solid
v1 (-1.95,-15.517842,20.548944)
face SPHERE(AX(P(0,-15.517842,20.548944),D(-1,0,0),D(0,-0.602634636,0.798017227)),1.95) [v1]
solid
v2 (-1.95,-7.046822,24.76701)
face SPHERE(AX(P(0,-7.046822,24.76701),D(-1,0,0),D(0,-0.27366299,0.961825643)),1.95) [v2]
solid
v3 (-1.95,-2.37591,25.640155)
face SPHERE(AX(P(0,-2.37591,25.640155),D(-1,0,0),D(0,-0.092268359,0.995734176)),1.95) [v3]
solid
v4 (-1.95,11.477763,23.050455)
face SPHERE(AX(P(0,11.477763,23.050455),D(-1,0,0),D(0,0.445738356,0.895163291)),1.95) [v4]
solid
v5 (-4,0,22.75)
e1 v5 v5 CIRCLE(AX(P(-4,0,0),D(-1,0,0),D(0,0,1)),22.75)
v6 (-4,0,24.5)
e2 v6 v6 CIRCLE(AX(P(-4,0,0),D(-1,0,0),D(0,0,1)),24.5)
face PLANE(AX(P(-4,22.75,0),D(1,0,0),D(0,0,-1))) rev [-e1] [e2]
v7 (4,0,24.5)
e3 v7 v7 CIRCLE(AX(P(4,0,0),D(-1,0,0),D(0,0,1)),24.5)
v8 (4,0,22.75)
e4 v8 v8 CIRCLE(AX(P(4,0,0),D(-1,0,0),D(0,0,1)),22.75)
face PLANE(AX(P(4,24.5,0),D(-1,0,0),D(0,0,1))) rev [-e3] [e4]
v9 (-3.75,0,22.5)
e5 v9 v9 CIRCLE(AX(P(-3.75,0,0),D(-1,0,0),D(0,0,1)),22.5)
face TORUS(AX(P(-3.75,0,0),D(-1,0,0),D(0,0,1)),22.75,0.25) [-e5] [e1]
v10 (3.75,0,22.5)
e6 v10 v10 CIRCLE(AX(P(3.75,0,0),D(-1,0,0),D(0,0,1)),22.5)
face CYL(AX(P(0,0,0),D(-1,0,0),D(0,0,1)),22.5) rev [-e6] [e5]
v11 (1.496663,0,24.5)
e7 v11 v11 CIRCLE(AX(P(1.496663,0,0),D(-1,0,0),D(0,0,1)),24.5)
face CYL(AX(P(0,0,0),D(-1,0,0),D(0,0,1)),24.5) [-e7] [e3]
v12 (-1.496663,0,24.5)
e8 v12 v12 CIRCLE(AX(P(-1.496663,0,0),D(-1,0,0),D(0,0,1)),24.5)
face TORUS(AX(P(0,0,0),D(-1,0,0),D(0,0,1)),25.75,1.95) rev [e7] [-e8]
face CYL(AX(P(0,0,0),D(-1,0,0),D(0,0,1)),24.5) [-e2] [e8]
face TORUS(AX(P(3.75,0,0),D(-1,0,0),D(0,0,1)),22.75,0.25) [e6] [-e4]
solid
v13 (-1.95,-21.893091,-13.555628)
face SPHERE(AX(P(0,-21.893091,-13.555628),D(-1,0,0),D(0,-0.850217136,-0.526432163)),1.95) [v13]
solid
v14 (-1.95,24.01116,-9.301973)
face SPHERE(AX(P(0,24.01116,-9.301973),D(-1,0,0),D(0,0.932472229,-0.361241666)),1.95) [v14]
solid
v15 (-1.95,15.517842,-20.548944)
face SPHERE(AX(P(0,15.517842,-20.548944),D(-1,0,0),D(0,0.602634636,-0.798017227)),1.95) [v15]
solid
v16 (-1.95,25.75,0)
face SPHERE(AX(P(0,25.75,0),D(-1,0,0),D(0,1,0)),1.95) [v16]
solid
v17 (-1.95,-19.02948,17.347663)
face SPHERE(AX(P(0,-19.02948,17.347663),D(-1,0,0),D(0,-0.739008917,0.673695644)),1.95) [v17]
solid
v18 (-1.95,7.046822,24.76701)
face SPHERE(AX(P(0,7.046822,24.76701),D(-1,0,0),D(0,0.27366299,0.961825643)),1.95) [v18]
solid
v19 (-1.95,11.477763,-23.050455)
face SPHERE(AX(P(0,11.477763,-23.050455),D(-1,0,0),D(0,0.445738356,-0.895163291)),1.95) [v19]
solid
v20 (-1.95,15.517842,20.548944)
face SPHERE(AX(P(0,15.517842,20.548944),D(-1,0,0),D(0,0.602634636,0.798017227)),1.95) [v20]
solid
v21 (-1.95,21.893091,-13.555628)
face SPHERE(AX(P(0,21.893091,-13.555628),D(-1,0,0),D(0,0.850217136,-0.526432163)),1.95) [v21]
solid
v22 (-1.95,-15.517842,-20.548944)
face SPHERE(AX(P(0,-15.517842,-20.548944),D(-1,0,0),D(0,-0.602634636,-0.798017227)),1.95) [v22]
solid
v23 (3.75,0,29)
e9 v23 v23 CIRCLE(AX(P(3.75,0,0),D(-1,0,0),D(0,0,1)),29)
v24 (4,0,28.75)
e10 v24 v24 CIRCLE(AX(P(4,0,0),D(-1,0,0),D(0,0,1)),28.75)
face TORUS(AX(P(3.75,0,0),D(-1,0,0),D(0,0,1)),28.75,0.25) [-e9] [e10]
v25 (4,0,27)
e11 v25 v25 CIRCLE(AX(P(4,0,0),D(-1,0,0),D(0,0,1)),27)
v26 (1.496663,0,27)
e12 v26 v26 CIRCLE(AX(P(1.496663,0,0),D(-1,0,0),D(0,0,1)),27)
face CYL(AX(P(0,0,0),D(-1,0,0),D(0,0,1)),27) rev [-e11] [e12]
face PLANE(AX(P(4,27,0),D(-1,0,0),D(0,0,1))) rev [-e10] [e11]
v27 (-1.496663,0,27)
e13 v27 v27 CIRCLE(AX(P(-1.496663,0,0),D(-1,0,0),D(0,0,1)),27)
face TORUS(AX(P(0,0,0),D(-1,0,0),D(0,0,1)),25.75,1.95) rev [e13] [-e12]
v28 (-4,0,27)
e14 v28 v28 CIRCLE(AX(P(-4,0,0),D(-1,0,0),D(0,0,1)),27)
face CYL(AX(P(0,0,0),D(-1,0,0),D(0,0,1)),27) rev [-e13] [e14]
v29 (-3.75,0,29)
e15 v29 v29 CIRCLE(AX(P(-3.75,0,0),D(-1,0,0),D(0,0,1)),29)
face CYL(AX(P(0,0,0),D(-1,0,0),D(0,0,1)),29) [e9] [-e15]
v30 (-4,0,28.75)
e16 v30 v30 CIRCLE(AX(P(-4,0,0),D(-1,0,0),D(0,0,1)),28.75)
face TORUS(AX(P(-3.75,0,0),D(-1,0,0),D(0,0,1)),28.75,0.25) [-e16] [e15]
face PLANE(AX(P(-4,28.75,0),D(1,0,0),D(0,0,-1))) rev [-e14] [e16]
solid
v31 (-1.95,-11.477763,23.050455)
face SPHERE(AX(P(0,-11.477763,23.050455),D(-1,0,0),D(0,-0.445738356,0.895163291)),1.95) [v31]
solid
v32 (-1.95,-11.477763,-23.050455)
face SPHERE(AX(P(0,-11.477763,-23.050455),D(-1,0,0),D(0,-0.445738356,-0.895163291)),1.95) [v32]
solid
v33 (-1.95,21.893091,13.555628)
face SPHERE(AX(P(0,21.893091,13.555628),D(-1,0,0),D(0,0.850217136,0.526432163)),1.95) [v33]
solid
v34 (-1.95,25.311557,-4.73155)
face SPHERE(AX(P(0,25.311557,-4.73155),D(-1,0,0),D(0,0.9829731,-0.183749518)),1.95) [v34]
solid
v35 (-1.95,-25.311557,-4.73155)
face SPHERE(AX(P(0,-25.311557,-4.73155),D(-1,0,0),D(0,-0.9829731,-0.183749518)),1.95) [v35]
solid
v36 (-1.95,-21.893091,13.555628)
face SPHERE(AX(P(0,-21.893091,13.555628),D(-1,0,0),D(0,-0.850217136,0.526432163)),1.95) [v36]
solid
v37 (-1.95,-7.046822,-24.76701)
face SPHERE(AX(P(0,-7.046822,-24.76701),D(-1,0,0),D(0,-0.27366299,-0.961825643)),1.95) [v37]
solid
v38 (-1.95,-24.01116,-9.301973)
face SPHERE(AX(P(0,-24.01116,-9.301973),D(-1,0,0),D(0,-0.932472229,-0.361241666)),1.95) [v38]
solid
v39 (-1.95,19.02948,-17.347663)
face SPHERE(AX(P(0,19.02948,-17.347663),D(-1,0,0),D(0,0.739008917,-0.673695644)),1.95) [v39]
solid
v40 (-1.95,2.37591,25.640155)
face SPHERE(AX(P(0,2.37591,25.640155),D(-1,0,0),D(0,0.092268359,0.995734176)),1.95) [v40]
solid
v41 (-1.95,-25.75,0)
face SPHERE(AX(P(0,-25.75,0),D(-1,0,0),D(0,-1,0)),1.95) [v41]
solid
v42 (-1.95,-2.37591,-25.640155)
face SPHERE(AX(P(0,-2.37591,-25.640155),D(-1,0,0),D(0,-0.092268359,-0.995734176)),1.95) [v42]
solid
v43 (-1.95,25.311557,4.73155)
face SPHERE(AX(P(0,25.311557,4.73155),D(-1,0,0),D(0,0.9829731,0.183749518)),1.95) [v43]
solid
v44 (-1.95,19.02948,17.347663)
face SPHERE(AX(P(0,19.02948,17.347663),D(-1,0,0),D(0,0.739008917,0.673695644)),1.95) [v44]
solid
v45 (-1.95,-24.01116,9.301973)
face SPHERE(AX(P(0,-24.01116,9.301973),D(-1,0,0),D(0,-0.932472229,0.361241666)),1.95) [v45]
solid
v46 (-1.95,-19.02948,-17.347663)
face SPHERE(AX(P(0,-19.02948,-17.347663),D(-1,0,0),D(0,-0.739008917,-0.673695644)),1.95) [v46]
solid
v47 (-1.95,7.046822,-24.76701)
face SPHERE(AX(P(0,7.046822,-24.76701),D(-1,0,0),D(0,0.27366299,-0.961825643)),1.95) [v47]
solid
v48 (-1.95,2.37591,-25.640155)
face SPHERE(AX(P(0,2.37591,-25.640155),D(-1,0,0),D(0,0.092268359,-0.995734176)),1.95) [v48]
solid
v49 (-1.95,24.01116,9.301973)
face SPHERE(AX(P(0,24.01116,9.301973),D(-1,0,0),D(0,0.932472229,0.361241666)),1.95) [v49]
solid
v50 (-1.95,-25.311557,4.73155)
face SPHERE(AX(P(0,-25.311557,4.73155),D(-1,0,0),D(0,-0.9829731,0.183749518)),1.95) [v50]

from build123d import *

# Parameters (mm, degrees)
CIRPATTERN1_COUNT = 34


with BuildPart() as part:
    # Sketch2 → Revolve1 (revolve)
    with BuildSketch(Plane.XY, mode=Mode.PRIVATE) as revolve1_sk:
        with BuildLine():
            Line((-3.75, 29), (3.75, 29))
            ThreePointArc((3.75, 29), (3.926776695, 28.926776695), (4, 28.75))
            Line((4, 28.75), (4, 27))
            Line((4, 27), (1.496662955, 27))
            ThreePointArc((1.496662955, 27), (0, 27.7), (-1.496662955, 27))
            Line((-1.496662955, 27), (-4, 27))
            Line((-4, 27), (-4, 28.75))
            ThreePointArc((-4, 28.75), (-3.926776695, 28.926776695), (-3.75, 29))
        make_face()
        with BuildLine():
            Line((4, 24.5), (4, 22.75))
            ThreePointArc((4, 22.75), (3.926776695, 22.573223305), (3.75, 22.5))
            Line((3.75, 22.5), (-3.75, 22.5))
            ThreePointArc((-3.75, 22.5), (-3.926776695, 22.573223305), (-4, 22.75))
            Line((-4, 22.75), (-4, 24.5))
            Line((-4, 24.5), (-1.496662955, 24.5))
            ThreePointArc((-1.496662955, 24.5), (0, 23.8), (1.496662955, 24.5))
            Line((1.496662955, 24.5), (4, 24.5))
        make_face()
    revolve(revolve1_sk.sketch.rotate(Axis((0, 0, 0), (1, 0, 0)), 90), axis=Axis((0, 0, 0), (1, 0, 0)))


with BuildPart() as body_2:
    # Sketch3 → Revolve2 (revolve)
    with BuildSketch(Plane.XY):
        with BuildLine():
            Line((-1.95, 25.75), (1.95, 25.75))
            ThreePointArc((1.95, 25.75), (0, 23.8), (-1.95, 25.75))
        make_face()
    revolve(axis=Axis((-1.95, 25.75, 0), (1, 0, 0)))


with BuildPart() as cirpattern1_1:
    # CirPattern1: pattern copy
    add(body_2.part.rotate(Axis((0, 0, 0), (1, 0, 0)), 1 * 360 / CIRPATTERN1_COUNT))


with BuildPart() as cirpattern1_2:
    # CirPattern1: pattern copy
    add(body_2.part.rotate(Axis((0, 0, 0), (1, 0, 0)), 2 * 360 / CIRPATTERN1_COUNT))


with BuildPart() as cirpattern1_3:
    # CirPattern1: pattern copy
    add(body_2.part.rotate(Axis((0, 0, 0), (1, 0, 0)), 3 * 360 / CIRPATTERN1_COUNT))


with BuildPart() as cirpattern1_4:
    # CirPattern1: pattern copy
    add(body_2.part.rotate(Axis((0, 0, 0), (1, 0, 0)), 4 * 360 / CIRPATTERN1_COUNT))


with BuildPart() as cirpattern1_5:
    # CirPattern1: pattern copy
    add(body_2.part.rotate(Axis((0, 0, 0), (1, 0, 0)), 5 * 360 / CIRPATTERN1_COUNT))


with BuildPart() as cirpattern1_6:
    # CirPattern1: pattern copy
    add(body_2.part.rotate(Axis((0, 0, 0), (1, 0, 0)), 6 * 360 / CIRPATTERN1_COUNT))


with BuildPart() as cirpattern1_7:
    # CirPattern1: pattern copy
    add(body_2.part.rotate(Axis((0, 0, 0), (1, 0, 0)), 7 * 360 / CIRPATTERN1_COUNT))


with BuildPart() as cirpattern1_8:
    # CirPattern1: pattern copy
    add(body_2.part.rotate(Axis((0, 0, 0), (1, 0, 0)), 8 * 360 / CIRPATTERN1_COUNT))


with BuildPart() as cirpattern1_9:
    # CirPattern1: pattern copy
    add(body_2.part.rotate(Axis((0, 0, 0), (1, 0, 0)), 9 * 360 / CIRPATTERN1_COUNT))


with BuildPart() as cirpattern1_10:
    # CirPattern1: pattern copy
    add(body_2.part.rotate(Axis((0, 0, 0), (1, 0, 0)), 10 * 360 / CIRPATTERN1_COUNT))


with BuildPart() as cirpattern1_11:
    # CirPattern1: pattern copy
    add(body_2.part.rotate(Axis((0, 0, 0), (1, 0, 0)), 11 * 360 / CIRPATTERN1_COUNT))


with BuildPart() as cirpattern1_12:
    # CirPattern1: pattern copy
    add(body_2.part.rotate(Axis((0, 0, 0), (1, 0, 0)), 12 * 360 / CIRPATTERN1_COUNT))


with BuildPart() as cirpattern1_13:
    # CirPattern1: pattern copy
    add(body_2.part.rotate(Axis((0, 0, 0), (1, 0, 0)), 13 * 360 / CIRPATTERN1_COUNT))


with BuildPart() as cirpattern1_14:
    # CirPattern1: pattern copy
    add(body_2.part.rotate(Axis((0, 0, 0), (1, 0, 0)), 14 * 360 / CIRPATTERN1_COUNT))


with BuildPart() as cirpattern1_15:
    # CirPattern1: pattern copy
    add(body_2.part.rotate(Axis((0, 0, 0), (1, 0, 0)), 15 * 360 / CIRPATTERN1_COUNT))


with BuildPart() as cirpattern1_16:
    # CirPattern1: pattern copy
    add(body_2.part.rotate(Axis((0, 0, 0), (1, 0, 0)), 16 * 360 / CIRPATTERN1_COUNT))


with BuildPart() as cirpattern1_17:
    # CirPattern1: pattern copy
    add(body_2.part.rotate(Axis((0, 0, 0), (1, 0, 0)), 17 * 360 / CIRPATTERN1_COUNT))


with BuildPart() as cirpattern1_18:
    # CirPattern1: pattern copy
    add(body_2.part.rotate(Axis((0, 0, 0), (1, 0, 0)), 18 * 360 / CIRPATTERN1_COUNT))


with BuildPart() as cirpattern1_19:
    # CirPattern1: pattern copy
    add(body_2.part.rotate(Axis((0, 0, 0), (1, 0, 0)), 19 * 360 / CIRPATTERN1_COUNT))


with BuildPart() as cirpattern1_20:
    # CirPattern1: pattern copy
    add(body_2.part.rotate(Axis((0, 0, 0), (1, 0, 0)), 20 * 360 / CIRPATTERN1_COUNT))


with BuildPart() as cirpattern1_21:
    # CirPattern1: pattern copy
    add(body_2.part.rotate(Axis((0, 0, 0), (1, 0, 0)), 21 * 360 / CIRPATTERN1_COUNT))


with BuildPart() as cirpattern1_22:
    # CirPattern1: pattern copy
    add(body_2.part.rotate(Axis((0, 0, 0), (1, 0, 0)), 22 * 360 / CIRPATTERN1_COUNT))


with BuildPart() as cirpattern1_23:
    # CirPattern1: pattern copy
    add(body_2.part.rotate(Axis((0, 0, 0), (1, 0, 0)), 23 * 360 / CIRPATTERN1_COUNT))


with BuildPart() as cirpattern1_24:
    # CirPattern1: pattern copy
    add(body_2.part.rotate(Axis((0, 0, 0), (1, 0, 0)), 24 * 360 / CIRPATTERN1_COUNT))


with BuildPart() as cirpattern1_25:
    # CirPattern1: pattern copy
    add(body_2.part.rotate(Axis((0, 0, 0), (1, 0, 0)), 25 * 360 / CIRPATTERN1_COUNT))


with BuildPart() as cirpattern1_26:
    # CirPattern1: pattern copy
    add(body_2.part.rotate(Axis((0, 0, 0), (1, 0, 0)), 26 * 360 / CIRPATTERN1_COUNT))


with BuildPart() as cirpattern1_27:
    # CirPattern1: pattern copy
    add(body_2.part.rotate(Axis((0, 0, 0), (1, 0, 0)), 27 * 360 / CIRPATTERN1_COUNT))


with BuildPart() as cirpattern1_28:
    # CirPattern1: pattern copy
    add(body_2.part.rotate(Axis((0, 0, 0), (1, 0, 0)), 28 * 360 / CIRPATTERN1_COUNT))


with BuildPart() as cirpattern1_29:
    # CirPattern1: pattern copy
    add(body_2.part.rotate(Axis((0, 0, 0), (1, 0, 0)), 29 * 360 / CIRPATTERN1_COUNT))


with BuildPart() as cirpattern1_30:
    # CirPattern1: pattern copy
    add(body_2.part.rotate(Axis((0, 0, 0), (1, 0, 0)), 30 * 360 / CIRPATTERN1_COUNT))


with BuildPart() as cirpattern1_31:
    # CirPattern1: pattern copy
    add(body_2.part.rotate(Axis((0, 0, 0), (1, 0, 0)), 31 * 360 / CIRPATTERN1_COUNT))


with BuildPart() as cirpattern1_32:
    # CirPattern1: pattern copy
    add(body_2.part.rotate(Axis((0, 0, 0), (1, 0, 0)), 32 * 360 / CIRPATTERN1_COUNT))


with BuildPart() as cirpattern1_33:
    # CirPattern1: pattern copy
    add(body_2.part.rotate(Axis((0, 0, 0), (1, 0, 0)), 33 * 360 / CIRPATTERN1_COUNT))


solid = Compound([part.part, body_2.part, cirpattern1_1.part, cirpattern1_2.part, cirpattern1_3.part, cirpattern1_4.part, cirpattern1_5.part, cirpattern1_6.part, cirpattern1_7.part, cirpattern1_8.part, cirpattern1_9.part, cirpattern1_10.part, cirpattern1_11.part, cirpattern1_12.part, cirpattern1_13.part, cirpattern1_14.part, cirpattern1_15.part, cirpattern1_16.part, cirpattern1_17.part, cirpattern1_18.part, cirpattern1_19.part, cirpattern1_20.part, cirpattern1_21.part, cirpattern1_22.part, cirpattern1_23.part, cirpattern1_24.part, cirpattern1_25.part, cirpattern1_26.part, cirpattern1_27.part, cirpattern1_28.part, cirpattern1_29.part, cirpattern1_30.part, cirpattern1_31.part, cirpattern1_32.part, cirpattern1_33.part])
